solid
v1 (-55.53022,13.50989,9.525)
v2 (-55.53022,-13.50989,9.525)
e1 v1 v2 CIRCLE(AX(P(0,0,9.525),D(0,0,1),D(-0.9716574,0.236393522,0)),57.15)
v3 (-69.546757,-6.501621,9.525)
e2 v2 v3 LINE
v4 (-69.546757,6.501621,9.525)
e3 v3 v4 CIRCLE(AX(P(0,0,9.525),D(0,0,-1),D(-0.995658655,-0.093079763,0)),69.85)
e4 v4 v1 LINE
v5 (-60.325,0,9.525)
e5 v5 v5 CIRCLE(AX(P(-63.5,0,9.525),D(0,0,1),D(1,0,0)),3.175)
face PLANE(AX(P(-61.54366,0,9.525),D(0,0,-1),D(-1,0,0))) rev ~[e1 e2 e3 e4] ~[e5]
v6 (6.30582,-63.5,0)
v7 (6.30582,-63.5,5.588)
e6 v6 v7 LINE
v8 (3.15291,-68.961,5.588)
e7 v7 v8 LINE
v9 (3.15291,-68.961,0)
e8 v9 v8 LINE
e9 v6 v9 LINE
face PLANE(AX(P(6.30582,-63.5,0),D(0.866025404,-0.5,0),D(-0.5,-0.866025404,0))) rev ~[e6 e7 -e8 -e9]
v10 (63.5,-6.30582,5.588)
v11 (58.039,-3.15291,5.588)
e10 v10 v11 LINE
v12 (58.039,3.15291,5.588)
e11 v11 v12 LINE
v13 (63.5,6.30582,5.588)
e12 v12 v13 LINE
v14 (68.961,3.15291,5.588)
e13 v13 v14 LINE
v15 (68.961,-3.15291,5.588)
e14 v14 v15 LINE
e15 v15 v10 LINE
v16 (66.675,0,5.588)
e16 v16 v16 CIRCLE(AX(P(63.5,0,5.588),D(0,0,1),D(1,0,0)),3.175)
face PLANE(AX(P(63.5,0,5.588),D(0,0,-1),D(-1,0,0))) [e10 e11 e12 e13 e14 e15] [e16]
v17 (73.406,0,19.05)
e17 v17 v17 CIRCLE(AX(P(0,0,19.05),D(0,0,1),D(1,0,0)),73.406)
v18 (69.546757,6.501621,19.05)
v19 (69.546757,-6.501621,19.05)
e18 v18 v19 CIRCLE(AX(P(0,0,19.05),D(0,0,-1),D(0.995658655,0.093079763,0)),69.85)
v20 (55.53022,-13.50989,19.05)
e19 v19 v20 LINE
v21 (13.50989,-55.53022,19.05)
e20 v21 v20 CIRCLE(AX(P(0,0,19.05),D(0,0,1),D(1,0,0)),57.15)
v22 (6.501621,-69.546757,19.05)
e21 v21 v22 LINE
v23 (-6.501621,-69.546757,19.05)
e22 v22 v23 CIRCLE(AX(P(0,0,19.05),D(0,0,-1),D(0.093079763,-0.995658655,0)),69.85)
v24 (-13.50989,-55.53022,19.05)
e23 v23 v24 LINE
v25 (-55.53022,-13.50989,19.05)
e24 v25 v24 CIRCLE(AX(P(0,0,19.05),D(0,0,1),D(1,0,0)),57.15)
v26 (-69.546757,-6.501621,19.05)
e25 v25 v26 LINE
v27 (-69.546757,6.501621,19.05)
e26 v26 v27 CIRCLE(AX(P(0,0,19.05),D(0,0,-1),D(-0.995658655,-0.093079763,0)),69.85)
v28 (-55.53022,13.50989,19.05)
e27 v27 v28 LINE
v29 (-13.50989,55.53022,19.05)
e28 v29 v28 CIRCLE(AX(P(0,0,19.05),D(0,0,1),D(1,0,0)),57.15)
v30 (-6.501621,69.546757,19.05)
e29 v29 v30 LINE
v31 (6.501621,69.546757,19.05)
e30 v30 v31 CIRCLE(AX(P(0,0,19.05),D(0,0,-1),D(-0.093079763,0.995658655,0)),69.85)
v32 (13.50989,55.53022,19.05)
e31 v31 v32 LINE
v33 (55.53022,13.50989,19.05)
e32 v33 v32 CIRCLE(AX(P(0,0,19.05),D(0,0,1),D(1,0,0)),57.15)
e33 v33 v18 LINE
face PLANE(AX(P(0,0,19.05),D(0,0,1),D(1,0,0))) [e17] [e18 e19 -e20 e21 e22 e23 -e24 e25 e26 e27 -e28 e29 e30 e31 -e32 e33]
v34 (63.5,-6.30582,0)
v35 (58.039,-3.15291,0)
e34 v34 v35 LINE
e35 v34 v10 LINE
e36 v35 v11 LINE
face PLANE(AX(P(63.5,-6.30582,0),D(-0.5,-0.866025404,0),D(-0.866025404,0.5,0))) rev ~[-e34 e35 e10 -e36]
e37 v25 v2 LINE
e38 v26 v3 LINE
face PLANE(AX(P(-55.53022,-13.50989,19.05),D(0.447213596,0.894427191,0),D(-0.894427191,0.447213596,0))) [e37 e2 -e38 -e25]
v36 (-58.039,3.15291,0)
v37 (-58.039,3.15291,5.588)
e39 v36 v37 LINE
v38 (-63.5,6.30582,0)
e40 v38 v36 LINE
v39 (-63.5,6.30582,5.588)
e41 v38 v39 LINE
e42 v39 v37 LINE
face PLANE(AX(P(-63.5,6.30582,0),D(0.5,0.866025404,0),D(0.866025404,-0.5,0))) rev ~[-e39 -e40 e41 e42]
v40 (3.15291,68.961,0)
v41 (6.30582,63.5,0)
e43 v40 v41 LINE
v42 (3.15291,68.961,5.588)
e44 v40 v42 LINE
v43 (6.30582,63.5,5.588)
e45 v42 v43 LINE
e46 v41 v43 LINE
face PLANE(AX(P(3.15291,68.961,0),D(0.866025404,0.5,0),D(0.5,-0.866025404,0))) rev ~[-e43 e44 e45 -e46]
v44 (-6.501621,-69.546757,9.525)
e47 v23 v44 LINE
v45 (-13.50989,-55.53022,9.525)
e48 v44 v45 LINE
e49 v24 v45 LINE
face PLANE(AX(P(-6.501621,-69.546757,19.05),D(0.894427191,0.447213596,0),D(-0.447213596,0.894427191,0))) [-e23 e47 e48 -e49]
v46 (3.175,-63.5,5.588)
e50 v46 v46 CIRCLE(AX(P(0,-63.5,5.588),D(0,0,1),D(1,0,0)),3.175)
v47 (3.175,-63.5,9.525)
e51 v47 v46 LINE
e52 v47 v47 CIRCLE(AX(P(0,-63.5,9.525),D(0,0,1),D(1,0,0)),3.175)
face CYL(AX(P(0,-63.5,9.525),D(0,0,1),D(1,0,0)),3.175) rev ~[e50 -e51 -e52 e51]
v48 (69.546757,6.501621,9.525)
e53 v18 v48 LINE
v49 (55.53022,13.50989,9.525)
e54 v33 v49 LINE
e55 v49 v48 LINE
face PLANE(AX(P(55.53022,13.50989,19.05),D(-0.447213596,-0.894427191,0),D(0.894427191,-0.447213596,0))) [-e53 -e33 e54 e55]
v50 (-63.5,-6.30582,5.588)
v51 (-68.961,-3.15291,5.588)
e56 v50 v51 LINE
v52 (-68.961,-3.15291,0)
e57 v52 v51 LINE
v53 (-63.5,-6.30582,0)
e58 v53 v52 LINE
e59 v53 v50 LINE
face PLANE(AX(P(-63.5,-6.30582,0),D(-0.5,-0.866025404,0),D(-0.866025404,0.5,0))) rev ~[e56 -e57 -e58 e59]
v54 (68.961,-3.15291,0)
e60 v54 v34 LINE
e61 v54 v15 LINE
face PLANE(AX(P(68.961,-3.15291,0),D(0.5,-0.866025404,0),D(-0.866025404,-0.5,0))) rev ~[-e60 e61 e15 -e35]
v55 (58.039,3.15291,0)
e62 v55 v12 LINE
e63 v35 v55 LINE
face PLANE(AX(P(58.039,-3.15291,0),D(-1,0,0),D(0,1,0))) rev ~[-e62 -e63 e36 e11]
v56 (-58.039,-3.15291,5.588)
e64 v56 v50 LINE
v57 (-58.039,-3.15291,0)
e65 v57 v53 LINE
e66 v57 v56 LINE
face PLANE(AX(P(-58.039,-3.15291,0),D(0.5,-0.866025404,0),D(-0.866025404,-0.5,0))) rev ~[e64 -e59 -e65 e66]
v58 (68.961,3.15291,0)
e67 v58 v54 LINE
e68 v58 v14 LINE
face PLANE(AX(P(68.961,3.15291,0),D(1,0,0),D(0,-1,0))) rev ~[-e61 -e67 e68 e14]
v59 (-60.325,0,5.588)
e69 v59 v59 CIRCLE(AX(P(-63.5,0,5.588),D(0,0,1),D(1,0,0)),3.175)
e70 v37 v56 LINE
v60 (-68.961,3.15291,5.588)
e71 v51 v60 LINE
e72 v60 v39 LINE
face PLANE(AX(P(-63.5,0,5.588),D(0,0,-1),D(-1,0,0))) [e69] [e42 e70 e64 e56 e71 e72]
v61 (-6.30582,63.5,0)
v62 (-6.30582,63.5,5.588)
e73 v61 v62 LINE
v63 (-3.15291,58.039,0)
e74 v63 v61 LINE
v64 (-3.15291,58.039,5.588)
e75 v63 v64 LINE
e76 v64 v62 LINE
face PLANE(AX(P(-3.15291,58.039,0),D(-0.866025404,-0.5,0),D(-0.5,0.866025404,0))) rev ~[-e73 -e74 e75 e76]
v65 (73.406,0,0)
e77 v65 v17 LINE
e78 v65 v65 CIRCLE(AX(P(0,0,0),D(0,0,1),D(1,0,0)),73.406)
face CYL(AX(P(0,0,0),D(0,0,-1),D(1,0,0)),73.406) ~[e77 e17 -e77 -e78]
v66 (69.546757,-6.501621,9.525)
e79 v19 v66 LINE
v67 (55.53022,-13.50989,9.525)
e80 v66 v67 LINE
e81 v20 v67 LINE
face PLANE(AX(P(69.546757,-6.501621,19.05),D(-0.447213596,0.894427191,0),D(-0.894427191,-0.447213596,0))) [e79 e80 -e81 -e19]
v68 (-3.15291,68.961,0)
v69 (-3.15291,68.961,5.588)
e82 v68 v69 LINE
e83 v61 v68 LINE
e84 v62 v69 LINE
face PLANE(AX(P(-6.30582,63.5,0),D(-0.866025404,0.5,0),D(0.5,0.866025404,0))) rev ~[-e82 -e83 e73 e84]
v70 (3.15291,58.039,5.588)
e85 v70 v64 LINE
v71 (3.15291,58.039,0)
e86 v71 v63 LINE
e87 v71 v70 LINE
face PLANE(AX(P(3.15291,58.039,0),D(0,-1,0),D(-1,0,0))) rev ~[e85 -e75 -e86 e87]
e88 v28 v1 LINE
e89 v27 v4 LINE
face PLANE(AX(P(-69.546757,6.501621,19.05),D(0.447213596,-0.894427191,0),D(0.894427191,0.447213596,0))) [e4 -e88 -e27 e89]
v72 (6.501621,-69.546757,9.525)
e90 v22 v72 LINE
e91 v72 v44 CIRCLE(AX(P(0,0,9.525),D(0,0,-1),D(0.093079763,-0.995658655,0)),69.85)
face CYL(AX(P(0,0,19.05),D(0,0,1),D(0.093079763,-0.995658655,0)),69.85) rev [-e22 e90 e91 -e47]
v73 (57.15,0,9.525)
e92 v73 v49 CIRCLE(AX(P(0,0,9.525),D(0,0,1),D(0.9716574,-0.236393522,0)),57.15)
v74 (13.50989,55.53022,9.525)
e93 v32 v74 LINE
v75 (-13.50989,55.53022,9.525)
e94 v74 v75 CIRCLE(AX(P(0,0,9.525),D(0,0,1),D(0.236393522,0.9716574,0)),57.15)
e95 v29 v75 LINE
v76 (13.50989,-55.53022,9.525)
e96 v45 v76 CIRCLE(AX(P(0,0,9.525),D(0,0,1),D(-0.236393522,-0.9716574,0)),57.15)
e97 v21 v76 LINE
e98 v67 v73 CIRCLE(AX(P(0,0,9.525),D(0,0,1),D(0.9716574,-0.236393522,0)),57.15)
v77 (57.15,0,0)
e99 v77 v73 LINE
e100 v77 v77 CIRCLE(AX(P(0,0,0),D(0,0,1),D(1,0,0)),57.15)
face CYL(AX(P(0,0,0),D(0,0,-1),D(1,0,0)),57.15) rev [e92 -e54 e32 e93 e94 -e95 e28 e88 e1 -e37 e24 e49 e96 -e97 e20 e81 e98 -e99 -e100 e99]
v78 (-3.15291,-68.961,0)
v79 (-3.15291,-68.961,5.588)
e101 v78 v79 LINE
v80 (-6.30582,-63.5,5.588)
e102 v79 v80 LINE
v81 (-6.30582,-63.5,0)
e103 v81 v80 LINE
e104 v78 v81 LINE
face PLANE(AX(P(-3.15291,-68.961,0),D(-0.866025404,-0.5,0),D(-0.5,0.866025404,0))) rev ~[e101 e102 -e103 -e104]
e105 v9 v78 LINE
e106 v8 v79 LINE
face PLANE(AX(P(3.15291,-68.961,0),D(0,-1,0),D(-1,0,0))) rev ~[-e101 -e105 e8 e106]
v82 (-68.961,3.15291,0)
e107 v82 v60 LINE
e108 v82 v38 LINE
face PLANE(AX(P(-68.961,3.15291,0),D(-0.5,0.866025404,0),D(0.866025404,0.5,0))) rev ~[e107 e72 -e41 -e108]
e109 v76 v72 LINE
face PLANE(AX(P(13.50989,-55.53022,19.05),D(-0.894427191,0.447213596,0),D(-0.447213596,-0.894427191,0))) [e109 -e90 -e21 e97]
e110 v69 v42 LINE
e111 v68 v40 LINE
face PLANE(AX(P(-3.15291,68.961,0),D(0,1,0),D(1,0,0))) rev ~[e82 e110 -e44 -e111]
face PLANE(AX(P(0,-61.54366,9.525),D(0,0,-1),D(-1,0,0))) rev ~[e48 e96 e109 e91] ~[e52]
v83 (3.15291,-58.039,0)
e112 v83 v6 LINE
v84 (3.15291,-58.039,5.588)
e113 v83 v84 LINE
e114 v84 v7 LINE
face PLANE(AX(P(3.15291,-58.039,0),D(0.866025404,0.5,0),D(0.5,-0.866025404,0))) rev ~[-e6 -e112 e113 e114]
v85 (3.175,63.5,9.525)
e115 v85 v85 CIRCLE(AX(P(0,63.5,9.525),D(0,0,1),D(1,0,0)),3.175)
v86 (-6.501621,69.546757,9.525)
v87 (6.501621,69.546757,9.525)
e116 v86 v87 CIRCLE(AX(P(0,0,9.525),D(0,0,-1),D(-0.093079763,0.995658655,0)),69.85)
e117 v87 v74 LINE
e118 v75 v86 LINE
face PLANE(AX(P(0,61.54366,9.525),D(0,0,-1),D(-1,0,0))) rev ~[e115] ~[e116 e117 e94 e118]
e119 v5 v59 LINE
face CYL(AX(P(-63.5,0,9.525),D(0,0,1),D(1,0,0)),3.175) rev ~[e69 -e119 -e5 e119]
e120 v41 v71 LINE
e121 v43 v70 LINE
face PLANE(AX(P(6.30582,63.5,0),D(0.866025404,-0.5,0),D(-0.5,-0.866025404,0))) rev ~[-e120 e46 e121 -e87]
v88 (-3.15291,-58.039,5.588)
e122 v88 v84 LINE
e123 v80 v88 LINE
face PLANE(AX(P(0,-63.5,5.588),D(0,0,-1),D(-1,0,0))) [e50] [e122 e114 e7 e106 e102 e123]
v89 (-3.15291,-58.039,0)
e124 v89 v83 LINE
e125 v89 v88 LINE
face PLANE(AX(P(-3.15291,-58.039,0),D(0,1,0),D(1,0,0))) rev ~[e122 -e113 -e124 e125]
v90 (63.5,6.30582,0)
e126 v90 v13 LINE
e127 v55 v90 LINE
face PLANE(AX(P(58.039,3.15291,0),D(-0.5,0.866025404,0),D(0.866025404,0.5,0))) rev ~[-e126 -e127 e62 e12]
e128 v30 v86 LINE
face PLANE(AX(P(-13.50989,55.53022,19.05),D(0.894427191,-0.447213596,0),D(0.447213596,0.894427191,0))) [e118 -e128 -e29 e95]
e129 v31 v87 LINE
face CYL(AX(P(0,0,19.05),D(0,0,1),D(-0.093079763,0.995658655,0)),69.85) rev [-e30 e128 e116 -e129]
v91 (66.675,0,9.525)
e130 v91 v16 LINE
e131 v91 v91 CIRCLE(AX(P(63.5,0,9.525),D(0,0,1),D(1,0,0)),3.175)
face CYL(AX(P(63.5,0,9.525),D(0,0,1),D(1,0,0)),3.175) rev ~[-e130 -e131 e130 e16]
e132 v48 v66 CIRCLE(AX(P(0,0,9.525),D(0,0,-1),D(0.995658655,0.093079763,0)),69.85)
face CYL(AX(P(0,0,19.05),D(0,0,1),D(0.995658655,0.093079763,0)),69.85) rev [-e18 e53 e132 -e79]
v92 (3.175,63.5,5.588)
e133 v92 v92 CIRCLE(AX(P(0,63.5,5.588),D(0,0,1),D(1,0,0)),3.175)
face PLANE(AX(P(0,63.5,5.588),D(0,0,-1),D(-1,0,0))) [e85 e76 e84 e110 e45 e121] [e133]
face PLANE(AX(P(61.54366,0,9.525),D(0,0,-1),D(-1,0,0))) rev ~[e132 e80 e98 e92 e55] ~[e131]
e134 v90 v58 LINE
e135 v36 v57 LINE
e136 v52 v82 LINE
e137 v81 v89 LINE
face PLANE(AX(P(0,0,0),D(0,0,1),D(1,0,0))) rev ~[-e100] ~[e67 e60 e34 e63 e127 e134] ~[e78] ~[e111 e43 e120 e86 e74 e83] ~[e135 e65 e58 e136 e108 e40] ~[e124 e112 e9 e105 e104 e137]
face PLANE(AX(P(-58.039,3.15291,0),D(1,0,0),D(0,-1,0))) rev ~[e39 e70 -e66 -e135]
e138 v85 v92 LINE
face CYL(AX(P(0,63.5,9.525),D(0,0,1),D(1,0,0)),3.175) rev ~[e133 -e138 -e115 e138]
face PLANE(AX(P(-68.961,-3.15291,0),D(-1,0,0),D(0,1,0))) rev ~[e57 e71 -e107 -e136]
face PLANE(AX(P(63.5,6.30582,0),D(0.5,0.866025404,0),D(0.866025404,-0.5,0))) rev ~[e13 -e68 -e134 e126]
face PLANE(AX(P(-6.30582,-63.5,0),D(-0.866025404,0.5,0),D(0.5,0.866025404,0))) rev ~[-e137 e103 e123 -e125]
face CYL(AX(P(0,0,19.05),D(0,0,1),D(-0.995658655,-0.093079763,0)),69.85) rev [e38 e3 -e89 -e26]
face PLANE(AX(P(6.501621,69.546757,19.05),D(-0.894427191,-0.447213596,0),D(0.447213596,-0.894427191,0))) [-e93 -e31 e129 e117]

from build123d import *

# Parameters (mm, degrees)
SKETCH2_R           = 73.406
SKETCH2_R_2         = 57.15
BOSS_EXTRUDE1_DEPTH = 19.05
CUT_EXTRUDE5_DEPTH  = 9.525
SKETCH9_R           = 3.175
CUT_EXTRUDE6_DEPTH  = 9.525
CUT_EXTRUDE7_DEPTH  = 5.588


with BuildPart() as part:
    # Sketch2 → Boss-Extrude1 (new body)
    with BuildSketch(Plane.XY):
        Circle(SKETCH2_R)
        Circle(SKETCH2_R_2, mode=Mode.SUBTRACT)
    extrude(amount=BOSS_EXTRUDE1_DEPTH)

    # Sketch7 → Cut-Extrude5 (cut)
    with BuildSketch(Plane.XY.offset(19.05)):
        with BuildLine():
            Line((-69.546757065, 6.501621467), (-55.530220399, 13.5098898))
            ThreePointArc((-55.530220399, 13.5098898), (-57.15, 0), (-55.530220399, -13.5098898))
            Line((-55.530220399, -13.5098898), (-69.546757065, -6.501621467))
            ThreePointArc((-69.546757065, -6.501621467), (-69.85, 0), (-69.546757065, 6.501621467))
        make_face()
        with BuildLine():
            Line((6.501621467, 69.546757065), (13.5098898, 55.530220399))
            ThreePointArc((13.5098898, 55.530220399), (0, 57.15), (-13.5098898, 55.530220399))
            Line((-13.5098898, 55.530220399), (-6.501621467, 69.546757065))
            ThreePointArc((-6.501621467, 69.546757065), (0, 69.85), (6.501621467, 69.546757065))
        make_face()
        with BuildLine():
            Line((69.546757065, -6.501621467), (55.530220399, -13.5098898))
            ThreePointArc((55.530220399, -13.5098898), (57.15, 0), (55.530220399, 13.5098898))
            Line((55.530220399, 13.5098898), (69.546757065, 6.501621467))
            ThreePointArc((69.546757065, 6.501621467), (69.85, 0), (69.546757065, -6.501621467))
        make_face()
        with BuildLine():
            Line((-6.501621467, -69.546757065), (-13.5098898, -55.530220399))
            ThreePointArc((-13.5098898, -55.530220399), (0, -57.15), (13.5098898, -55.530220399))
            Line((13.5098898, -55.530220399), (6.501621467, -69.546757065))
            ThreePointArc((6.501621467, -69.546757065), (0, -69.85), (-6.501621467, -69.546757065))
        make_face()
    extrude(amount=-CUT_EXTRUDE5_DEPTH, mode=Mode.SUBTRACT)

    # Sketch9 → Cut-Extrude6 (cut)
    with BuildSketch(Plane.XY.offset(9.525)):
        with Locations((-63.5, 0)):
            Circle(SKETCH9_R)
        with Locations((0, 63.5)):
            Circle(SKETCH9_R)
        with Locations((63.5, 0)):
            Circle(SKETCH9_R)
        with Locations((0, -63.5)):
            Circle(SKETCH9_R)
    extrude(amount=-CUT_EXTRUDE6_DEPTH, mode=Mode.SUBTRACT)

    # Sketch10 → Cut-Extrude7 (cut)
    with BuildSketch(Plane(origin=(0, 0, 0), x_dir=(-1, 0, 0), z_dir=(0, 0, -1))):
        Polygon((-6.30581964, 63.5), (-3.15290982, 58.039), (3.15290982, 58.039), (6.30581964, 63.5), (3.15290982, 68.961), (-3.15290982, 68.961), align=None)
        Polygon((-63.5, -6.30581964), (-58.039, -3.15290982), (-58.039, 3.15290982), (-63.5, 6.30581964), (-68.961, 3.15290982), (-68.961, -3.15290982), align=None)
        Polygon((63.5, 6.30581964), (58.039, 3.15290982), (58.039, -3.15290982), (63.5, -6.30581964), (68.961, -3.15290982), (68.961, 3.15290982), align=None)
        Polygon((6.30581964, -63.5), (3.15290982, -58.039), (-3.15290982, -58.039), (-6.30581964, -63.5), (-3.15290982, -68.961), (3.15290982, -68.961), align=None)
    extrude(amount=-CUT_EXTRUDE7_DEPTH, mode=Mode.SUBTRACT)


solid = part.part
